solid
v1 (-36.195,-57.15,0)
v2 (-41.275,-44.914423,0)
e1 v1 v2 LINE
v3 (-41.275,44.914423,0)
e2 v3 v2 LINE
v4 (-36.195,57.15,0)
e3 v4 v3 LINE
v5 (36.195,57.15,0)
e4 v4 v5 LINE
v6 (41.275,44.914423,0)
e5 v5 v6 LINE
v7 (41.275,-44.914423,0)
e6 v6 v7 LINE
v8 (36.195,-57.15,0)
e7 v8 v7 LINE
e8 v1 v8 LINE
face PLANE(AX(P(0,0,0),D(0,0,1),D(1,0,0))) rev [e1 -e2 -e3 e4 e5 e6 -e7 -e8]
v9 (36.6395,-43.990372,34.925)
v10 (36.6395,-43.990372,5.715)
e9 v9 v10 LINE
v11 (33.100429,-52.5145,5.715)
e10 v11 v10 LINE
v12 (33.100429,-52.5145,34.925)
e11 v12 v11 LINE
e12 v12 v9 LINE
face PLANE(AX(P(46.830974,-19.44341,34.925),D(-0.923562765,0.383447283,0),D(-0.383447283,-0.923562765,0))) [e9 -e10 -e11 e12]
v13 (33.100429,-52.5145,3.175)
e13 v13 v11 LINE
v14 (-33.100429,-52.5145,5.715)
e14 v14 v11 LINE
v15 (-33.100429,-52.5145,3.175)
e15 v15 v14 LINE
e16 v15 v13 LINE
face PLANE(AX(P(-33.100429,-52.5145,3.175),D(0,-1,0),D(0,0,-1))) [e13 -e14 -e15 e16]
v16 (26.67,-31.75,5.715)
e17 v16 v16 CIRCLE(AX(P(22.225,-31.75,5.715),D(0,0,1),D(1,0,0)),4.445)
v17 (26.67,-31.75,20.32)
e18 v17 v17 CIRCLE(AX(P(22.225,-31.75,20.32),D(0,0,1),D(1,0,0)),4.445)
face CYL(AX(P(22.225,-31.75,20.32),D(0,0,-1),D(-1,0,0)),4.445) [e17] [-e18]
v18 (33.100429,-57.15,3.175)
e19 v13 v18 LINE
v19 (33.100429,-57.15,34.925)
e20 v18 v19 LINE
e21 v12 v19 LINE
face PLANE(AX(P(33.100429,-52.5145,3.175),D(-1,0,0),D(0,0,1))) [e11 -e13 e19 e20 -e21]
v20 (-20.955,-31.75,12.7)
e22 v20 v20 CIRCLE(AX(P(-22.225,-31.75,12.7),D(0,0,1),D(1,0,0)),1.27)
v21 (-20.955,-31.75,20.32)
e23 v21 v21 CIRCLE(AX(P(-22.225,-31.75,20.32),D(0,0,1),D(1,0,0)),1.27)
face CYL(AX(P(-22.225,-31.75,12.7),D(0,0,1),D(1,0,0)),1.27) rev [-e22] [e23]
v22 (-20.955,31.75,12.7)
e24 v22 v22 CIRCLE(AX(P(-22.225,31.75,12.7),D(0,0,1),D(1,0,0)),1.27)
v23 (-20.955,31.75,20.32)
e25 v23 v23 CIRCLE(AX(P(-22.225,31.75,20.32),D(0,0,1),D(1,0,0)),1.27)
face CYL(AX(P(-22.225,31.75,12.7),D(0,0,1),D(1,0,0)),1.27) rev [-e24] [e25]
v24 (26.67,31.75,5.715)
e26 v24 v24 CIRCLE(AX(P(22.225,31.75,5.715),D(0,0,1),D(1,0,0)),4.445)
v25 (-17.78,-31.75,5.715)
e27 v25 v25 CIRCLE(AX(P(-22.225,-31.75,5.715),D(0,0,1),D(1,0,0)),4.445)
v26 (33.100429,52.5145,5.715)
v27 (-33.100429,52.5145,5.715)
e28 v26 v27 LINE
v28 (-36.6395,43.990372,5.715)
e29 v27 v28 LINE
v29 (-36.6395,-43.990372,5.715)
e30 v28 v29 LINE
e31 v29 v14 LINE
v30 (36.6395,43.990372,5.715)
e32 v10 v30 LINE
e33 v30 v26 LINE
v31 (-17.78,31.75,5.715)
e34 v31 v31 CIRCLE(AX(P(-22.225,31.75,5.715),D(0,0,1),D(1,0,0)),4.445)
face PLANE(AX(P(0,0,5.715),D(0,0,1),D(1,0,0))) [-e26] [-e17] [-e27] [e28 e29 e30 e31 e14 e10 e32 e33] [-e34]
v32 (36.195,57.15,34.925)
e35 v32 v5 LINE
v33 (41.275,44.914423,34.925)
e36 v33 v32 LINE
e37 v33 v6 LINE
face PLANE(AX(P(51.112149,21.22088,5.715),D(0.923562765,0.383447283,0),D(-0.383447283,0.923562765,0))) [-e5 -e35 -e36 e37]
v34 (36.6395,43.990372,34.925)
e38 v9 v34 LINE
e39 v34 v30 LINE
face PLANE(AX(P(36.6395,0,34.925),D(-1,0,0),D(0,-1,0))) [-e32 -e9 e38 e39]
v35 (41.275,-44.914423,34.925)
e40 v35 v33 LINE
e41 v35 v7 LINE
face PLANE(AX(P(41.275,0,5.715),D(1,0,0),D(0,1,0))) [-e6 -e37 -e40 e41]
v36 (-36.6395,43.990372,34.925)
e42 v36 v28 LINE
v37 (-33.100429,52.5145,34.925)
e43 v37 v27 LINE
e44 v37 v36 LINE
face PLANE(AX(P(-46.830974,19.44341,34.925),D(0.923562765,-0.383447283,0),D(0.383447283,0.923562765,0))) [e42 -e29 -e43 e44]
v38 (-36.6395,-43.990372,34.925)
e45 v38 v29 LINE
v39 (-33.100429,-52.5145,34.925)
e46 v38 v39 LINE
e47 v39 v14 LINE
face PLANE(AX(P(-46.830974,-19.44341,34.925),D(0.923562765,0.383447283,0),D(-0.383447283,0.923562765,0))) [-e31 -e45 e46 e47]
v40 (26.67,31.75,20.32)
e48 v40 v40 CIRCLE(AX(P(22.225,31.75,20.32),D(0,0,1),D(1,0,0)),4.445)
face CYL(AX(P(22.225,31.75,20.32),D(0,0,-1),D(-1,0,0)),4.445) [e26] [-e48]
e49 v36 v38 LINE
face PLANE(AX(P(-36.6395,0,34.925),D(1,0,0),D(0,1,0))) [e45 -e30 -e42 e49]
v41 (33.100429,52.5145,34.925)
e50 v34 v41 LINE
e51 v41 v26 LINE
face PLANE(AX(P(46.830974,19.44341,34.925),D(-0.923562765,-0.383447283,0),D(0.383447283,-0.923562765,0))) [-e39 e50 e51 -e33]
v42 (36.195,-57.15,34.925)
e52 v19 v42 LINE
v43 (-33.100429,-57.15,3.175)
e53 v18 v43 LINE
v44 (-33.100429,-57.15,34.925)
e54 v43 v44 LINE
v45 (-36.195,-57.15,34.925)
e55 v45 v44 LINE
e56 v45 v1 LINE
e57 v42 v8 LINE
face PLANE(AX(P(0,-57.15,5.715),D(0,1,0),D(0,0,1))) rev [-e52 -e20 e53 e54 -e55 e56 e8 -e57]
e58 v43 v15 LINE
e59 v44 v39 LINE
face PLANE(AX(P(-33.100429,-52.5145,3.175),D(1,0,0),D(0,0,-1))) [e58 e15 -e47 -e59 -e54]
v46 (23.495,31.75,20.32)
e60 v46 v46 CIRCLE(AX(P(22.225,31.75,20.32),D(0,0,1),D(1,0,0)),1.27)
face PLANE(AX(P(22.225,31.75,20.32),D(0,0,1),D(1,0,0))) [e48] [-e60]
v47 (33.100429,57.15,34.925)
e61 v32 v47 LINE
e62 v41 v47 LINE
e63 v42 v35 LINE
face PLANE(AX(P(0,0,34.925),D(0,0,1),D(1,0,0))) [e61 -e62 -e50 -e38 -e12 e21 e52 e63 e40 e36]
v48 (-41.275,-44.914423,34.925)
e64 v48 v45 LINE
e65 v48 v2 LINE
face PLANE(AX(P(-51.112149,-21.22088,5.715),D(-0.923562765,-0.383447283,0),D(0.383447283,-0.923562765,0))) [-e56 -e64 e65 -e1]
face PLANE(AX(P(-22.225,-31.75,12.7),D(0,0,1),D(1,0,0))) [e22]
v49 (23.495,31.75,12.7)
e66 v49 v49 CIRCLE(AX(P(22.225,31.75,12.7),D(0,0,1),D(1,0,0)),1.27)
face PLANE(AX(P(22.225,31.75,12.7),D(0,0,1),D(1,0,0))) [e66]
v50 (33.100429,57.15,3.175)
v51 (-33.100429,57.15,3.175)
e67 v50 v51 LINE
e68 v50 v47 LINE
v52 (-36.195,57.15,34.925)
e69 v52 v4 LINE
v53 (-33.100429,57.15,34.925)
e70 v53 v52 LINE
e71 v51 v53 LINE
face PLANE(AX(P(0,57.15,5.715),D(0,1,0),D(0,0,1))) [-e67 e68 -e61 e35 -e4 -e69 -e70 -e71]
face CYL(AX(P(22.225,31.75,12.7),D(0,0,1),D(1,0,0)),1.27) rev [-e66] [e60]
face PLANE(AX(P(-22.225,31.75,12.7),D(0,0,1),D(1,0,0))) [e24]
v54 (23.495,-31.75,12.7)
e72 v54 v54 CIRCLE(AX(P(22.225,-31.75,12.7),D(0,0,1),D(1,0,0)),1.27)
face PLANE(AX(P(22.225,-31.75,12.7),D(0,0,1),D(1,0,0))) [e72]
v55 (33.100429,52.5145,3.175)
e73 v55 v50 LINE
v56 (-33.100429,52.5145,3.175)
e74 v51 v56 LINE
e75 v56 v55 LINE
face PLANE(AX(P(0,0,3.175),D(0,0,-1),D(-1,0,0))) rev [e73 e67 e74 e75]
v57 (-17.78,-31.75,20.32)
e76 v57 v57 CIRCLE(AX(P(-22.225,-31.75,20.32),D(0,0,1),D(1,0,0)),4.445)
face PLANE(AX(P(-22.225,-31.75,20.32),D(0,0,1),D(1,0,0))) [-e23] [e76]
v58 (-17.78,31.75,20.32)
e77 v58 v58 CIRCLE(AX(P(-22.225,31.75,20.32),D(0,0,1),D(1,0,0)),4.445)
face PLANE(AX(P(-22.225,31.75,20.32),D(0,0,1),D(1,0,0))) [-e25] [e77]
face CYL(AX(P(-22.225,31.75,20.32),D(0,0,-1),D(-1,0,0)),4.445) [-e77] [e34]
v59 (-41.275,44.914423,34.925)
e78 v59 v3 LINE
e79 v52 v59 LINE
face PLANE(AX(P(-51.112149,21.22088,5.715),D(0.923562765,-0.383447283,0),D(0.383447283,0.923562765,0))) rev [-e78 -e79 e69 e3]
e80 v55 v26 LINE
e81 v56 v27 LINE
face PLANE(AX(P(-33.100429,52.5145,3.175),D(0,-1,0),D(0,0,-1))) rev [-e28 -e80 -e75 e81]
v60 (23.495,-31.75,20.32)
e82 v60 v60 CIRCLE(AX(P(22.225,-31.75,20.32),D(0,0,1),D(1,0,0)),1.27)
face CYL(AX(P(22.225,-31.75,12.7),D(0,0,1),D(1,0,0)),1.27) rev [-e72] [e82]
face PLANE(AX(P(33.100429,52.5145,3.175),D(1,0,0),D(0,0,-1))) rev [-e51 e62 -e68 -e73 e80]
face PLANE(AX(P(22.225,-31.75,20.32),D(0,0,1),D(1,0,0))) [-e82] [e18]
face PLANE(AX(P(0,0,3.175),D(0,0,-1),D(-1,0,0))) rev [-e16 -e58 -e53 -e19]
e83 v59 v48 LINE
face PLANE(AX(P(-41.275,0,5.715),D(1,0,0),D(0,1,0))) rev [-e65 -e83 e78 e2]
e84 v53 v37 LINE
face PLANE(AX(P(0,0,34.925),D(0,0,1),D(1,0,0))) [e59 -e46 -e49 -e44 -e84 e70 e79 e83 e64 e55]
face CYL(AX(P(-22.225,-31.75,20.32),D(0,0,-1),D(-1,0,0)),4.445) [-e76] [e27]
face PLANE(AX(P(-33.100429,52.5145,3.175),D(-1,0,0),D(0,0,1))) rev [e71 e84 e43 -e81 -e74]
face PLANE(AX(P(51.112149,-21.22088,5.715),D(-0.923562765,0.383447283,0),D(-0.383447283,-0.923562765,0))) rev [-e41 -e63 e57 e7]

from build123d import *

# Parameters (mm, degrees)
BOSS_EXTRUDE1_DEPTH = 5.715
BOSS_EXTRUDE2_DEPTH = 29.21
SKETCH3_W           = 66.200858932
SKETCH3_H           = 4.6355
CUT_EXTRUDE1_DEPTH  = 31.75
SKETCH4_R           = 4.445
BOSS_EXTRUDE3_DEPTH = 14.605
SKETCH5_R           = 1.27
CUT_EXTRUDE2_DEPTH  = 7.62


with BuildPart() as part:
    # Sketch1 → Boss-Extrude1 (new body)
    with BuildSketch(Plane.XY):
        Polygon((41.275, 44.914422768), (36.195, 57.15), (-36.195, 57.15), (-41.275, 44.914422768), (-41.275, -44.914422768), (-36.195, -57.15), (36.195, -57.15), (41.275, -44.914422768), align=None)
    extrude(amount=BOSS_EXTRUDE1_DEPTH)

    # Sketch2 → Boss-Extrude2 (add)
    with BuildSketch(Plane.XY.offset(5.715)):
        Polygon((-41.275, 44.914422768), (-41.275, -44.914422768), (-36.195, -57.15), (36.195, -57.15), (41.275, -44.914422768), (41.275, 44.914422768), (36.195, 57.15), (-36.195, 57.15), align=None)
        Polygon((-33.100429466, 52.5145), (-36.6395, 43.99037188), (-36.6395, -43.99037188), (-33.100429466, -52.5145), (33.100429466, -52.5145), (36.6395, -43.99037188), (36.6395, 43.99037188), (33.100429466, 52.5145), align=None, mode=Mode.SUBTRACT)
    extrude(amount=BOSS_EXTRUDE2_DEPTH)

    # Sketch3 → Cut-Extrude1 (cut)
    with BuildSketch(Plane.XY.offset(34.925)):
        with Locations((0, 54.83225)):
            Rectangle(SKETCH3_W, SKETCH3_H)
    cut_extrude1 = extrude(amount=-CUT_EXTRUDE1_DEPTH, mode=Mode.SUBTRACT)

    # Mirror1: Cut-Extrude1 across plane
    add(cut_extrude1.mirror(Plane.ZX), mode=Mode.SUBTRACT)

    # Sketch4 → Boss-Extrude3 (add)
    with BuildSketch(Plane.XY.offset(5.715)):
        with Locations((22.225, -31.75)):
            Circle(SKETCH4_R)
        with Locations((-22.225, -31.75)):
            Circle(SKETCH4_R)
        with Locations((22.225, 31.75)):
            Circle(SKETCH4_R)
        with Locations((-22.225, 31.75)):
            Circle(SKETCH4_R)
    extrude(amount=BOSS_EXTRUDE3_DEPTH)

    # Sketch5 → Cut-Extrude2 (cut)
    with BuildSketch(Plane.XY.offset(20.32)):
        with Locations((-22.225, 31.75)):
            Circle(SKETCH5_R)
        with Locations((22.225, 31.75)):
            Circle(SKETCH5_R)
        with Locations((22.225, -31.75)):
            Circle(SKETCH5_R)
        with Locations((-22.225, -31.75)):
            Circle(SKETCH5_R)
    extrude(amount=-CUT_EXTRUDE2_DEPTH, mode=Mode.SUBTRACT)


solid = part.part
